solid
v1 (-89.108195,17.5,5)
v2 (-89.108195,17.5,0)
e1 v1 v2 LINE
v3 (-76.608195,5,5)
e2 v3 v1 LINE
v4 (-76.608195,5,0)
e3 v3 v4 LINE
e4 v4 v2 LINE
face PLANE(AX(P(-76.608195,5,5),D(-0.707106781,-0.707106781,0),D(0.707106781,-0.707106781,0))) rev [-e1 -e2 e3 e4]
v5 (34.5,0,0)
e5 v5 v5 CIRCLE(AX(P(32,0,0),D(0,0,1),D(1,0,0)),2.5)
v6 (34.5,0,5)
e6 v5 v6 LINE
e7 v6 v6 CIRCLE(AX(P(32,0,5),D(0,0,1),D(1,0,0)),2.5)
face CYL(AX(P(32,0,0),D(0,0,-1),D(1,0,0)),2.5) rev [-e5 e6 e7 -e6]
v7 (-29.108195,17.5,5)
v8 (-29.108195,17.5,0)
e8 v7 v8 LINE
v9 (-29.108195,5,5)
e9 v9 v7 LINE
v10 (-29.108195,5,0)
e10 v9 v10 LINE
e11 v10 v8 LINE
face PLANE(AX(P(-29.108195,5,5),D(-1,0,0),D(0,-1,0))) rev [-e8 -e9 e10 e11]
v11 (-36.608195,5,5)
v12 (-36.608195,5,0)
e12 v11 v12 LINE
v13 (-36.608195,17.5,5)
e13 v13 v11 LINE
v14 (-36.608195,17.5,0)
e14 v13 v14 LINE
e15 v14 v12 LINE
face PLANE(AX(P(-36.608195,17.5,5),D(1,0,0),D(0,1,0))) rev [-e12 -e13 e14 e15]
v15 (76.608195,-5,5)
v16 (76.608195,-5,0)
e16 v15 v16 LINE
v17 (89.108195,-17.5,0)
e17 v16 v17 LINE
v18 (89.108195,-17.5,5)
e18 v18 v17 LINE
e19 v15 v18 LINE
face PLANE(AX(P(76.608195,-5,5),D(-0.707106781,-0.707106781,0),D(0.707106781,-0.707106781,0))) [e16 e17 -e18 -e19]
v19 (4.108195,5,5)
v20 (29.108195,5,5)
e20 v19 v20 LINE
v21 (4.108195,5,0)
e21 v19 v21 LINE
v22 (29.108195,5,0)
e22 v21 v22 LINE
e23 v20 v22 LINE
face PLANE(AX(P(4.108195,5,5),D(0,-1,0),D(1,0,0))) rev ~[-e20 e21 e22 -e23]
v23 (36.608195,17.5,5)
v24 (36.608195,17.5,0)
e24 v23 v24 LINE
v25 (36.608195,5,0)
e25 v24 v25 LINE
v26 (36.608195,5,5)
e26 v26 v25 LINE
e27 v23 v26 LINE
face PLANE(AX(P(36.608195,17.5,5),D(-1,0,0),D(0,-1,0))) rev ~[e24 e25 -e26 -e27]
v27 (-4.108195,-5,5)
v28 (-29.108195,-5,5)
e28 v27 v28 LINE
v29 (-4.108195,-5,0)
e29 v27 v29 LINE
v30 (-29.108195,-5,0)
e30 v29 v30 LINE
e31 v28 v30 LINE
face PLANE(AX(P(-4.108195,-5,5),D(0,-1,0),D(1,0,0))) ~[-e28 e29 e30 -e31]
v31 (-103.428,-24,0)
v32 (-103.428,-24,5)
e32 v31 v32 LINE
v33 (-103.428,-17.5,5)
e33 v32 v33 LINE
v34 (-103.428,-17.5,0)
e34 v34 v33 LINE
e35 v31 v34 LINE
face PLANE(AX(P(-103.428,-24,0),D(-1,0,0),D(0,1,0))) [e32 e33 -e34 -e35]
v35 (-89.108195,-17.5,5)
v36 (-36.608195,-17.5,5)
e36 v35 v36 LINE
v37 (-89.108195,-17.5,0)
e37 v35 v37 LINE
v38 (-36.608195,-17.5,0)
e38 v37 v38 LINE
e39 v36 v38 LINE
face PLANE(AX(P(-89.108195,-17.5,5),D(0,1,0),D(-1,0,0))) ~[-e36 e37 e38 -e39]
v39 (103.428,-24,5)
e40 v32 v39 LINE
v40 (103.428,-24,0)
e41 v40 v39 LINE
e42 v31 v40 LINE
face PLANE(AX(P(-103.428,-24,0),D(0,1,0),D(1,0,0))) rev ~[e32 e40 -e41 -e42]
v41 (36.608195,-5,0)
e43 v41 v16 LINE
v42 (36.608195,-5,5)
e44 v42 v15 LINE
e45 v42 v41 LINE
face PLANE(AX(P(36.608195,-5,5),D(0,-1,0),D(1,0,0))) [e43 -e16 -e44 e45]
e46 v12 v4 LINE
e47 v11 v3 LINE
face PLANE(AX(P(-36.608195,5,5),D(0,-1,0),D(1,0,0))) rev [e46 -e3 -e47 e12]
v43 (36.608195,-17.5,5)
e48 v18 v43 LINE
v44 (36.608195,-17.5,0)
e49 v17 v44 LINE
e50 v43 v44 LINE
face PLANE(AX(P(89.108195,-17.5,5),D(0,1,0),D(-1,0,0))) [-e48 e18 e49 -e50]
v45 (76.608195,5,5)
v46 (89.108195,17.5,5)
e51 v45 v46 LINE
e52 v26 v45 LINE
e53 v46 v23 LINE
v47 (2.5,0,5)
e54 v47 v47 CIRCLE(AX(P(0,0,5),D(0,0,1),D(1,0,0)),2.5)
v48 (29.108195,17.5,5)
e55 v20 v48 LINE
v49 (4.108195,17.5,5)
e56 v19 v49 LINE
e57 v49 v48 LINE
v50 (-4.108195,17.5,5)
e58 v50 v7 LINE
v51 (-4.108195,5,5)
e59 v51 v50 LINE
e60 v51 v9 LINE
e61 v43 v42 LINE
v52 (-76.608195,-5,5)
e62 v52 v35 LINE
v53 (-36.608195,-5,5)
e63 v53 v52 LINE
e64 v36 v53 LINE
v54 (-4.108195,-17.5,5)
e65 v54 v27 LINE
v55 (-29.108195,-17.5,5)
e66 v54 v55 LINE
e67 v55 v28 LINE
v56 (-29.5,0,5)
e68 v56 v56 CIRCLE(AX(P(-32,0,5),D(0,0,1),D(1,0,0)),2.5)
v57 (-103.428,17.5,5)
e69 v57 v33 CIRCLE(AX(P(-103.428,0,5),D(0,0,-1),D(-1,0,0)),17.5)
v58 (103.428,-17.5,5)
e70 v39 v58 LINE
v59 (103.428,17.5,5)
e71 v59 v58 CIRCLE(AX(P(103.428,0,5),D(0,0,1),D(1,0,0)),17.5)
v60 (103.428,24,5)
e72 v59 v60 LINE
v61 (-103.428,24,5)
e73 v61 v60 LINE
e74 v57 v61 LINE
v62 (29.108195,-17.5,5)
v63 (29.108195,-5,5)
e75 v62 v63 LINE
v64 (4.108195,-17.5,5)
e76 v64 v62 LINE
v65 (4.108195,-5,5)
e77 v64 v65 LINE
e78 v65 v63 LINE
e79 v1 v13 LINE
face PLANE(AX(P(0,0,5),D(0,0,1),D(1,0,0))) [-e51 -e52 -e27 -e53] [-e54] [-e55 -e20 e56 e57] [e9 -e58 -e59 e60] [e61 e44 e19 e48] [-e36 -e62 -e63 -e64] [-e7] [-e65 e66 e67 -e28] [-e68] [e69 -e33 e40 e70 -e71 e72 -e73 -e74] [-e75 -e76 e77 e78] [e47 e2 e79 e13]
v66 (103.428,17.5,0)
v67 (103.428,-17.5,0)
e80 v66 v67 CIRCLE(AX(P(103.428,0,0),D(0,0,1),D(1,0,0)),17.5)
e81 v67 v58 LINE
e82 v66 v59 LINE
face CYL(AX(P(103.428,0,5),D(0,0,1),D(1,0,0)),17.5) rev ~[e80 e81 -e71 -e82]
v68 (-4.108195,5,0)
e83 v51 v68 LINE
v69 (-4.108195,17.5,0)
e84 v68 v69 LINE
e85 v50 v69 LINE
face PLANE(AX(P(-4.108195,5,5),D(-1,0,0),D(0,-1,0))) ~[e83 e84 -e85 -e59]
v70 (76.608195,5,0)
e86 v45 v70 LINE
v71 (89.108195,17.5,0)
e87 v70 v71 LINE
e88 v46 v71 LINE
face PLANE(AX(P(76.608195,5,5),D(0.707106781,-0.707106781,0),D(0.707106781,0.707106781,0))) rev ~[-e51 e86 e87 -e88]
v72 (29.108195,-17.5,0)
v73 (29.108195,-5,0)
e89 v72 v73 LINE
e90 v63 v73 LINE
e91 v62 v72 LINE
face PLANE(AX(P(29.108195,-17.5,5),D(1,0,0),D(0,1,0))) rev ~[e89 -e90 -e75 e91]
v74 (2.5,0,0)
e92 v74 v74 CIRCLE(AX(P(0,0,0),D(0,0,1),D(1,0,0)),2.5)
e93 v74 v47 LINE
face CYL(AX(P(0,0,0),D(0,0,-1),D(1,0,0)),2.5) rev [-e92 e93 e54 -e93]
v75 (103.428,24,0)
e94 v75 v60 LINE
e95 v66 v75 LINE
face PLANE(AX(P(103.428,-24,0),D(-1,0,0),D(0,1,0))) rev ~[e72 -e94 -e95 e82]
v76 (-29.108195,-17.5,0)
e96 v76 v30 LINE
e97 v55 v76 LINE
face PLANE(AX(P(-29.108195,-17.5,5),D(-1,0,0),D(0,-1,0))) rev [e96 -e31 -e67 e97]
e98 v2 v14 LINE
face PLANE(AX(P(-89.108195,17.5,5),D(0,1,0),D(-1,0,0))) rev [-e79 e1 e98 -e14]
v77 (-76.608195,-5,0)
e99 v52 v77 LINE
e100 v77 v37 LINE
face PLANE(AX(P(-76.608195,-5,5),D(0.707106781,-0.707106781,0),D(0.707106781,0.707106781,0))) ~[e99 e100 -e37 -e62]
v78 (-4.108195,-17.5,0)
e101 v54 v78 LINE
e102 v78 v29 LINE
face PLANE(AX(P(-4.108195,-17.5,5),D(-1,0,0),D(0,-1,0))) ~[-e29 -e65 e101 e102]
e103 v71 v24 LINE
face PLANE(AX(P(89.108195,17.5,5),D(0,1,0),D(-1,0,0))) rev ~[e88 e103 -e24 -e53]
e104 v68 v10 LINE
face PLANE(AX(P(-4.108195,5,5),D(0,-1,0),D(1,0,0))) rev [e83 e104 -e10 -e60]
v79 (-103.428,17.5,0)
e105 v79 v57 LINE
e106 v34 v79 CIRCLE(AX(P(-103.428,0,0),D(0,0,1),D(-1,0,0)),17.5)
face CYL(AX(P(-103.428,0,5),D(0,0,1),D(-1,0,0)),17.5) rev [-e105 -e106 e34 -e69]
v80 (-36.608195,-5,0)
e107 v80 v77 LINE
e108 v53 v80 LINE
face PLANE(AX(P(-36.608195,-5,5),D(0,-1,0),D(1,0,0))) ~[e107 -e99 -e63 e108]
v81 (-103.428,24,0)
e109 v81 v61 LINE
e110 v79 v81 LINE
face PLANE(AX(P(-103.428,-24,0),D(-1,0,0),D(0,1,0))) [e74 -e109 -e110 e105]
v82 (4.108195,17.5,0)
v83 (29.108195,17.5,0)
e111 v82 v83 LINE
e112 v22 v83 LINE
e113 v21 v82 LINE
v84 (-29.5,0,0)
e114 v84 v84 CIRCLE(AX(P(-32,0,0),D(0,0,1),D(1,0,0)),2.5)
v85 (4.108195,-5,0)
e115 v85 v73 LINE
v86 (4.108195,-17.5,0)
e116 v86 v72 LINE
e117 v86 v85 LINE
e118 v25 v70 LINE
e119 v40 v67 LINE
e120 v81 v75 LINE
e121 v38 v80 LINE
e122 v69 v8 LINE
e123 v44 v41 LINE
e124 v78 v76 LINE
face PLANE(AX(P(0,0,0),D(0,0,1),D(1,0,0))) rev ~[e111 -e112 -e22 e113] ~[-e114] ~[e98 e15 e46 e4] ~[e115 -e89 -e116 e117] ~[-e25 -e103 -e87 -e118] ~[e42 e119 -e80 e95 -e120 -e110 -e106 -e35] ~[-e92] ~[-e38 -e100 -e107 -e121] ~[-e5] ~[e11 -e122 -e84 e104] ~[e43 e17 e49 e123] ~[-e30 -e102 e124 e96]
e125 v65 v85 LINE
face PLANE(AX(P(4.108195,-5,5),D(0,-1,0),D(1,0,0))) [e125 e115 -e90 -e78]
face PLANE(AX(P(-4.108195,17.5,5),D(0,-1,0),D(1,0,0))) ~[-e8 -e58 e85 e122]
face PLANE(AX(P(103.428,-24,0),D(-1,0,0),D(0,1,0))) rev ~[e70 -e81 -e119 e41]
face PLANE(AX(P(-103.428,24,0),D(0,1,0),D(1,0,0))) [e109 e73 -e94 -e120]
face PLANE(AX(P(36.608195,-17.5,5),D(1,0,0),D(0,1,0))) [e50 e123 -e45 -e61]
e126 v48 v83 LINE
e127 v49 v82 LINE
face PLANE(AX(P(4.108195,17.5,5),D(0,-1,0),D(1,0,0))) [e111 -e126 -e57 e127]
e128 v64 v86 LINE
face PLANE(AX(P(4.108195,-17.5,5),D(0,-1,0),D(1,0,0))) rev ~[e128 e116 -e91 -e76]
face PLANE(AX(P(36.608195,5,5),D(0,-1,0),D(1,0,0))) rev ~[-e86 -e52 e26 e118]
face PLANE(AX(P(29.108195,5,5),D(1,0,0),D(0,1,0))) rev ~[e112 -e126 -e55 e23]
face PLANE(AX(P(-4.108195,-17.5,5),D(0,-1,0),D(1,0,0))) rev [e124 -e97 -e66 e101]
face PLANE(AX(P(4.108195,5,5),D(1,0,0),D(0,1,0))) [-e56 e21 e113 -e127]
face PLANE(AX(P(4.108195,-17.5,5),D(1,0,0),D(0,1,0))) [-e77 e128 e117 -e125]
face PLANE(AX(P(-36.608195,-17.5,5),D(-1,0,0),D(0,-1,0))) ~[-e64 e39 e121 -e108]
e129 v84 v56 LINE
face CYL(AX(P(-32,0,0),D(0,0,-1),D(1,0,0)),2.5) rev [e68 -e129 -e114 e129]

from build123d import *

# Parameters (mm, degrees)
SKETCH1_W           = 206.856
SKETCH1_H           = 48
SKETCH1_R           = 2.5
BOSS_EXTRUDE1_DEPTH = 5
SKETCH2_R           = 17.5
SKETCH2_W           = 25
SKETCH2_H           = 12.5
CUT_EXTRUDE1_DEPTH  = 107.293702466


with BuildPart() as part:
    # Sketch1 → Boss-Extrude1 (new body)
    with BuildSketch(Plane.XY):
        Rectangle(SKETCH1_W, SKETCH1_H)
        Circle(SKETCH1_R, mode=Mode.SUBTRACT)
        with Locations((32, 0)):
            Circle(SKETCH1_R, mode=Mode.SUBTRACT)
        with Locations((-32, 0)):
            Circle(SKETCH1_R, mode=Mode.SUBTRACT)
    extrude(amount=BOSS_EXTRUDE1_DEPTH)

    # Sketch2 → Cut-Extrude1 (cut, through all)
    with BuildSketch(Plane.XY.offset(5)):
        with Locations((103.428, 0)):
            Circle(SKETCH2_R)
        Polygon((89.108194847, 17.5), (36.608194847, 17.5), (36.608194847, 5), (76.608194847, 5), align=None)
        with Locations((16.608194847, 11.25)):
            Rectangle(SKETCH2_W, SKETCH2_H)
        Polygon((89.108194847, -17.5), (36.608194847, -17.5), (36.608194847, -5), (76.608194847, -5), align=None)
        with Locations((16.608194847, -11.25)):
            Rectangle(SKETCH2_W, SKETCH2_H)
    cut_extrude1 = extrude(amount=-CUT_EXTRUDE1_DEPTH, mode=Mode.SUBTRACT)

    # Mirror1: Cut-Extrude1 across plane
    add(cut_extrude1.mirror(Plane(origin=(0, 0, 0), x_dir=(0, 0, 1), z_dir=(1, 0, 0))), mode=Mode.SUBTRACT)


solid = part.part
